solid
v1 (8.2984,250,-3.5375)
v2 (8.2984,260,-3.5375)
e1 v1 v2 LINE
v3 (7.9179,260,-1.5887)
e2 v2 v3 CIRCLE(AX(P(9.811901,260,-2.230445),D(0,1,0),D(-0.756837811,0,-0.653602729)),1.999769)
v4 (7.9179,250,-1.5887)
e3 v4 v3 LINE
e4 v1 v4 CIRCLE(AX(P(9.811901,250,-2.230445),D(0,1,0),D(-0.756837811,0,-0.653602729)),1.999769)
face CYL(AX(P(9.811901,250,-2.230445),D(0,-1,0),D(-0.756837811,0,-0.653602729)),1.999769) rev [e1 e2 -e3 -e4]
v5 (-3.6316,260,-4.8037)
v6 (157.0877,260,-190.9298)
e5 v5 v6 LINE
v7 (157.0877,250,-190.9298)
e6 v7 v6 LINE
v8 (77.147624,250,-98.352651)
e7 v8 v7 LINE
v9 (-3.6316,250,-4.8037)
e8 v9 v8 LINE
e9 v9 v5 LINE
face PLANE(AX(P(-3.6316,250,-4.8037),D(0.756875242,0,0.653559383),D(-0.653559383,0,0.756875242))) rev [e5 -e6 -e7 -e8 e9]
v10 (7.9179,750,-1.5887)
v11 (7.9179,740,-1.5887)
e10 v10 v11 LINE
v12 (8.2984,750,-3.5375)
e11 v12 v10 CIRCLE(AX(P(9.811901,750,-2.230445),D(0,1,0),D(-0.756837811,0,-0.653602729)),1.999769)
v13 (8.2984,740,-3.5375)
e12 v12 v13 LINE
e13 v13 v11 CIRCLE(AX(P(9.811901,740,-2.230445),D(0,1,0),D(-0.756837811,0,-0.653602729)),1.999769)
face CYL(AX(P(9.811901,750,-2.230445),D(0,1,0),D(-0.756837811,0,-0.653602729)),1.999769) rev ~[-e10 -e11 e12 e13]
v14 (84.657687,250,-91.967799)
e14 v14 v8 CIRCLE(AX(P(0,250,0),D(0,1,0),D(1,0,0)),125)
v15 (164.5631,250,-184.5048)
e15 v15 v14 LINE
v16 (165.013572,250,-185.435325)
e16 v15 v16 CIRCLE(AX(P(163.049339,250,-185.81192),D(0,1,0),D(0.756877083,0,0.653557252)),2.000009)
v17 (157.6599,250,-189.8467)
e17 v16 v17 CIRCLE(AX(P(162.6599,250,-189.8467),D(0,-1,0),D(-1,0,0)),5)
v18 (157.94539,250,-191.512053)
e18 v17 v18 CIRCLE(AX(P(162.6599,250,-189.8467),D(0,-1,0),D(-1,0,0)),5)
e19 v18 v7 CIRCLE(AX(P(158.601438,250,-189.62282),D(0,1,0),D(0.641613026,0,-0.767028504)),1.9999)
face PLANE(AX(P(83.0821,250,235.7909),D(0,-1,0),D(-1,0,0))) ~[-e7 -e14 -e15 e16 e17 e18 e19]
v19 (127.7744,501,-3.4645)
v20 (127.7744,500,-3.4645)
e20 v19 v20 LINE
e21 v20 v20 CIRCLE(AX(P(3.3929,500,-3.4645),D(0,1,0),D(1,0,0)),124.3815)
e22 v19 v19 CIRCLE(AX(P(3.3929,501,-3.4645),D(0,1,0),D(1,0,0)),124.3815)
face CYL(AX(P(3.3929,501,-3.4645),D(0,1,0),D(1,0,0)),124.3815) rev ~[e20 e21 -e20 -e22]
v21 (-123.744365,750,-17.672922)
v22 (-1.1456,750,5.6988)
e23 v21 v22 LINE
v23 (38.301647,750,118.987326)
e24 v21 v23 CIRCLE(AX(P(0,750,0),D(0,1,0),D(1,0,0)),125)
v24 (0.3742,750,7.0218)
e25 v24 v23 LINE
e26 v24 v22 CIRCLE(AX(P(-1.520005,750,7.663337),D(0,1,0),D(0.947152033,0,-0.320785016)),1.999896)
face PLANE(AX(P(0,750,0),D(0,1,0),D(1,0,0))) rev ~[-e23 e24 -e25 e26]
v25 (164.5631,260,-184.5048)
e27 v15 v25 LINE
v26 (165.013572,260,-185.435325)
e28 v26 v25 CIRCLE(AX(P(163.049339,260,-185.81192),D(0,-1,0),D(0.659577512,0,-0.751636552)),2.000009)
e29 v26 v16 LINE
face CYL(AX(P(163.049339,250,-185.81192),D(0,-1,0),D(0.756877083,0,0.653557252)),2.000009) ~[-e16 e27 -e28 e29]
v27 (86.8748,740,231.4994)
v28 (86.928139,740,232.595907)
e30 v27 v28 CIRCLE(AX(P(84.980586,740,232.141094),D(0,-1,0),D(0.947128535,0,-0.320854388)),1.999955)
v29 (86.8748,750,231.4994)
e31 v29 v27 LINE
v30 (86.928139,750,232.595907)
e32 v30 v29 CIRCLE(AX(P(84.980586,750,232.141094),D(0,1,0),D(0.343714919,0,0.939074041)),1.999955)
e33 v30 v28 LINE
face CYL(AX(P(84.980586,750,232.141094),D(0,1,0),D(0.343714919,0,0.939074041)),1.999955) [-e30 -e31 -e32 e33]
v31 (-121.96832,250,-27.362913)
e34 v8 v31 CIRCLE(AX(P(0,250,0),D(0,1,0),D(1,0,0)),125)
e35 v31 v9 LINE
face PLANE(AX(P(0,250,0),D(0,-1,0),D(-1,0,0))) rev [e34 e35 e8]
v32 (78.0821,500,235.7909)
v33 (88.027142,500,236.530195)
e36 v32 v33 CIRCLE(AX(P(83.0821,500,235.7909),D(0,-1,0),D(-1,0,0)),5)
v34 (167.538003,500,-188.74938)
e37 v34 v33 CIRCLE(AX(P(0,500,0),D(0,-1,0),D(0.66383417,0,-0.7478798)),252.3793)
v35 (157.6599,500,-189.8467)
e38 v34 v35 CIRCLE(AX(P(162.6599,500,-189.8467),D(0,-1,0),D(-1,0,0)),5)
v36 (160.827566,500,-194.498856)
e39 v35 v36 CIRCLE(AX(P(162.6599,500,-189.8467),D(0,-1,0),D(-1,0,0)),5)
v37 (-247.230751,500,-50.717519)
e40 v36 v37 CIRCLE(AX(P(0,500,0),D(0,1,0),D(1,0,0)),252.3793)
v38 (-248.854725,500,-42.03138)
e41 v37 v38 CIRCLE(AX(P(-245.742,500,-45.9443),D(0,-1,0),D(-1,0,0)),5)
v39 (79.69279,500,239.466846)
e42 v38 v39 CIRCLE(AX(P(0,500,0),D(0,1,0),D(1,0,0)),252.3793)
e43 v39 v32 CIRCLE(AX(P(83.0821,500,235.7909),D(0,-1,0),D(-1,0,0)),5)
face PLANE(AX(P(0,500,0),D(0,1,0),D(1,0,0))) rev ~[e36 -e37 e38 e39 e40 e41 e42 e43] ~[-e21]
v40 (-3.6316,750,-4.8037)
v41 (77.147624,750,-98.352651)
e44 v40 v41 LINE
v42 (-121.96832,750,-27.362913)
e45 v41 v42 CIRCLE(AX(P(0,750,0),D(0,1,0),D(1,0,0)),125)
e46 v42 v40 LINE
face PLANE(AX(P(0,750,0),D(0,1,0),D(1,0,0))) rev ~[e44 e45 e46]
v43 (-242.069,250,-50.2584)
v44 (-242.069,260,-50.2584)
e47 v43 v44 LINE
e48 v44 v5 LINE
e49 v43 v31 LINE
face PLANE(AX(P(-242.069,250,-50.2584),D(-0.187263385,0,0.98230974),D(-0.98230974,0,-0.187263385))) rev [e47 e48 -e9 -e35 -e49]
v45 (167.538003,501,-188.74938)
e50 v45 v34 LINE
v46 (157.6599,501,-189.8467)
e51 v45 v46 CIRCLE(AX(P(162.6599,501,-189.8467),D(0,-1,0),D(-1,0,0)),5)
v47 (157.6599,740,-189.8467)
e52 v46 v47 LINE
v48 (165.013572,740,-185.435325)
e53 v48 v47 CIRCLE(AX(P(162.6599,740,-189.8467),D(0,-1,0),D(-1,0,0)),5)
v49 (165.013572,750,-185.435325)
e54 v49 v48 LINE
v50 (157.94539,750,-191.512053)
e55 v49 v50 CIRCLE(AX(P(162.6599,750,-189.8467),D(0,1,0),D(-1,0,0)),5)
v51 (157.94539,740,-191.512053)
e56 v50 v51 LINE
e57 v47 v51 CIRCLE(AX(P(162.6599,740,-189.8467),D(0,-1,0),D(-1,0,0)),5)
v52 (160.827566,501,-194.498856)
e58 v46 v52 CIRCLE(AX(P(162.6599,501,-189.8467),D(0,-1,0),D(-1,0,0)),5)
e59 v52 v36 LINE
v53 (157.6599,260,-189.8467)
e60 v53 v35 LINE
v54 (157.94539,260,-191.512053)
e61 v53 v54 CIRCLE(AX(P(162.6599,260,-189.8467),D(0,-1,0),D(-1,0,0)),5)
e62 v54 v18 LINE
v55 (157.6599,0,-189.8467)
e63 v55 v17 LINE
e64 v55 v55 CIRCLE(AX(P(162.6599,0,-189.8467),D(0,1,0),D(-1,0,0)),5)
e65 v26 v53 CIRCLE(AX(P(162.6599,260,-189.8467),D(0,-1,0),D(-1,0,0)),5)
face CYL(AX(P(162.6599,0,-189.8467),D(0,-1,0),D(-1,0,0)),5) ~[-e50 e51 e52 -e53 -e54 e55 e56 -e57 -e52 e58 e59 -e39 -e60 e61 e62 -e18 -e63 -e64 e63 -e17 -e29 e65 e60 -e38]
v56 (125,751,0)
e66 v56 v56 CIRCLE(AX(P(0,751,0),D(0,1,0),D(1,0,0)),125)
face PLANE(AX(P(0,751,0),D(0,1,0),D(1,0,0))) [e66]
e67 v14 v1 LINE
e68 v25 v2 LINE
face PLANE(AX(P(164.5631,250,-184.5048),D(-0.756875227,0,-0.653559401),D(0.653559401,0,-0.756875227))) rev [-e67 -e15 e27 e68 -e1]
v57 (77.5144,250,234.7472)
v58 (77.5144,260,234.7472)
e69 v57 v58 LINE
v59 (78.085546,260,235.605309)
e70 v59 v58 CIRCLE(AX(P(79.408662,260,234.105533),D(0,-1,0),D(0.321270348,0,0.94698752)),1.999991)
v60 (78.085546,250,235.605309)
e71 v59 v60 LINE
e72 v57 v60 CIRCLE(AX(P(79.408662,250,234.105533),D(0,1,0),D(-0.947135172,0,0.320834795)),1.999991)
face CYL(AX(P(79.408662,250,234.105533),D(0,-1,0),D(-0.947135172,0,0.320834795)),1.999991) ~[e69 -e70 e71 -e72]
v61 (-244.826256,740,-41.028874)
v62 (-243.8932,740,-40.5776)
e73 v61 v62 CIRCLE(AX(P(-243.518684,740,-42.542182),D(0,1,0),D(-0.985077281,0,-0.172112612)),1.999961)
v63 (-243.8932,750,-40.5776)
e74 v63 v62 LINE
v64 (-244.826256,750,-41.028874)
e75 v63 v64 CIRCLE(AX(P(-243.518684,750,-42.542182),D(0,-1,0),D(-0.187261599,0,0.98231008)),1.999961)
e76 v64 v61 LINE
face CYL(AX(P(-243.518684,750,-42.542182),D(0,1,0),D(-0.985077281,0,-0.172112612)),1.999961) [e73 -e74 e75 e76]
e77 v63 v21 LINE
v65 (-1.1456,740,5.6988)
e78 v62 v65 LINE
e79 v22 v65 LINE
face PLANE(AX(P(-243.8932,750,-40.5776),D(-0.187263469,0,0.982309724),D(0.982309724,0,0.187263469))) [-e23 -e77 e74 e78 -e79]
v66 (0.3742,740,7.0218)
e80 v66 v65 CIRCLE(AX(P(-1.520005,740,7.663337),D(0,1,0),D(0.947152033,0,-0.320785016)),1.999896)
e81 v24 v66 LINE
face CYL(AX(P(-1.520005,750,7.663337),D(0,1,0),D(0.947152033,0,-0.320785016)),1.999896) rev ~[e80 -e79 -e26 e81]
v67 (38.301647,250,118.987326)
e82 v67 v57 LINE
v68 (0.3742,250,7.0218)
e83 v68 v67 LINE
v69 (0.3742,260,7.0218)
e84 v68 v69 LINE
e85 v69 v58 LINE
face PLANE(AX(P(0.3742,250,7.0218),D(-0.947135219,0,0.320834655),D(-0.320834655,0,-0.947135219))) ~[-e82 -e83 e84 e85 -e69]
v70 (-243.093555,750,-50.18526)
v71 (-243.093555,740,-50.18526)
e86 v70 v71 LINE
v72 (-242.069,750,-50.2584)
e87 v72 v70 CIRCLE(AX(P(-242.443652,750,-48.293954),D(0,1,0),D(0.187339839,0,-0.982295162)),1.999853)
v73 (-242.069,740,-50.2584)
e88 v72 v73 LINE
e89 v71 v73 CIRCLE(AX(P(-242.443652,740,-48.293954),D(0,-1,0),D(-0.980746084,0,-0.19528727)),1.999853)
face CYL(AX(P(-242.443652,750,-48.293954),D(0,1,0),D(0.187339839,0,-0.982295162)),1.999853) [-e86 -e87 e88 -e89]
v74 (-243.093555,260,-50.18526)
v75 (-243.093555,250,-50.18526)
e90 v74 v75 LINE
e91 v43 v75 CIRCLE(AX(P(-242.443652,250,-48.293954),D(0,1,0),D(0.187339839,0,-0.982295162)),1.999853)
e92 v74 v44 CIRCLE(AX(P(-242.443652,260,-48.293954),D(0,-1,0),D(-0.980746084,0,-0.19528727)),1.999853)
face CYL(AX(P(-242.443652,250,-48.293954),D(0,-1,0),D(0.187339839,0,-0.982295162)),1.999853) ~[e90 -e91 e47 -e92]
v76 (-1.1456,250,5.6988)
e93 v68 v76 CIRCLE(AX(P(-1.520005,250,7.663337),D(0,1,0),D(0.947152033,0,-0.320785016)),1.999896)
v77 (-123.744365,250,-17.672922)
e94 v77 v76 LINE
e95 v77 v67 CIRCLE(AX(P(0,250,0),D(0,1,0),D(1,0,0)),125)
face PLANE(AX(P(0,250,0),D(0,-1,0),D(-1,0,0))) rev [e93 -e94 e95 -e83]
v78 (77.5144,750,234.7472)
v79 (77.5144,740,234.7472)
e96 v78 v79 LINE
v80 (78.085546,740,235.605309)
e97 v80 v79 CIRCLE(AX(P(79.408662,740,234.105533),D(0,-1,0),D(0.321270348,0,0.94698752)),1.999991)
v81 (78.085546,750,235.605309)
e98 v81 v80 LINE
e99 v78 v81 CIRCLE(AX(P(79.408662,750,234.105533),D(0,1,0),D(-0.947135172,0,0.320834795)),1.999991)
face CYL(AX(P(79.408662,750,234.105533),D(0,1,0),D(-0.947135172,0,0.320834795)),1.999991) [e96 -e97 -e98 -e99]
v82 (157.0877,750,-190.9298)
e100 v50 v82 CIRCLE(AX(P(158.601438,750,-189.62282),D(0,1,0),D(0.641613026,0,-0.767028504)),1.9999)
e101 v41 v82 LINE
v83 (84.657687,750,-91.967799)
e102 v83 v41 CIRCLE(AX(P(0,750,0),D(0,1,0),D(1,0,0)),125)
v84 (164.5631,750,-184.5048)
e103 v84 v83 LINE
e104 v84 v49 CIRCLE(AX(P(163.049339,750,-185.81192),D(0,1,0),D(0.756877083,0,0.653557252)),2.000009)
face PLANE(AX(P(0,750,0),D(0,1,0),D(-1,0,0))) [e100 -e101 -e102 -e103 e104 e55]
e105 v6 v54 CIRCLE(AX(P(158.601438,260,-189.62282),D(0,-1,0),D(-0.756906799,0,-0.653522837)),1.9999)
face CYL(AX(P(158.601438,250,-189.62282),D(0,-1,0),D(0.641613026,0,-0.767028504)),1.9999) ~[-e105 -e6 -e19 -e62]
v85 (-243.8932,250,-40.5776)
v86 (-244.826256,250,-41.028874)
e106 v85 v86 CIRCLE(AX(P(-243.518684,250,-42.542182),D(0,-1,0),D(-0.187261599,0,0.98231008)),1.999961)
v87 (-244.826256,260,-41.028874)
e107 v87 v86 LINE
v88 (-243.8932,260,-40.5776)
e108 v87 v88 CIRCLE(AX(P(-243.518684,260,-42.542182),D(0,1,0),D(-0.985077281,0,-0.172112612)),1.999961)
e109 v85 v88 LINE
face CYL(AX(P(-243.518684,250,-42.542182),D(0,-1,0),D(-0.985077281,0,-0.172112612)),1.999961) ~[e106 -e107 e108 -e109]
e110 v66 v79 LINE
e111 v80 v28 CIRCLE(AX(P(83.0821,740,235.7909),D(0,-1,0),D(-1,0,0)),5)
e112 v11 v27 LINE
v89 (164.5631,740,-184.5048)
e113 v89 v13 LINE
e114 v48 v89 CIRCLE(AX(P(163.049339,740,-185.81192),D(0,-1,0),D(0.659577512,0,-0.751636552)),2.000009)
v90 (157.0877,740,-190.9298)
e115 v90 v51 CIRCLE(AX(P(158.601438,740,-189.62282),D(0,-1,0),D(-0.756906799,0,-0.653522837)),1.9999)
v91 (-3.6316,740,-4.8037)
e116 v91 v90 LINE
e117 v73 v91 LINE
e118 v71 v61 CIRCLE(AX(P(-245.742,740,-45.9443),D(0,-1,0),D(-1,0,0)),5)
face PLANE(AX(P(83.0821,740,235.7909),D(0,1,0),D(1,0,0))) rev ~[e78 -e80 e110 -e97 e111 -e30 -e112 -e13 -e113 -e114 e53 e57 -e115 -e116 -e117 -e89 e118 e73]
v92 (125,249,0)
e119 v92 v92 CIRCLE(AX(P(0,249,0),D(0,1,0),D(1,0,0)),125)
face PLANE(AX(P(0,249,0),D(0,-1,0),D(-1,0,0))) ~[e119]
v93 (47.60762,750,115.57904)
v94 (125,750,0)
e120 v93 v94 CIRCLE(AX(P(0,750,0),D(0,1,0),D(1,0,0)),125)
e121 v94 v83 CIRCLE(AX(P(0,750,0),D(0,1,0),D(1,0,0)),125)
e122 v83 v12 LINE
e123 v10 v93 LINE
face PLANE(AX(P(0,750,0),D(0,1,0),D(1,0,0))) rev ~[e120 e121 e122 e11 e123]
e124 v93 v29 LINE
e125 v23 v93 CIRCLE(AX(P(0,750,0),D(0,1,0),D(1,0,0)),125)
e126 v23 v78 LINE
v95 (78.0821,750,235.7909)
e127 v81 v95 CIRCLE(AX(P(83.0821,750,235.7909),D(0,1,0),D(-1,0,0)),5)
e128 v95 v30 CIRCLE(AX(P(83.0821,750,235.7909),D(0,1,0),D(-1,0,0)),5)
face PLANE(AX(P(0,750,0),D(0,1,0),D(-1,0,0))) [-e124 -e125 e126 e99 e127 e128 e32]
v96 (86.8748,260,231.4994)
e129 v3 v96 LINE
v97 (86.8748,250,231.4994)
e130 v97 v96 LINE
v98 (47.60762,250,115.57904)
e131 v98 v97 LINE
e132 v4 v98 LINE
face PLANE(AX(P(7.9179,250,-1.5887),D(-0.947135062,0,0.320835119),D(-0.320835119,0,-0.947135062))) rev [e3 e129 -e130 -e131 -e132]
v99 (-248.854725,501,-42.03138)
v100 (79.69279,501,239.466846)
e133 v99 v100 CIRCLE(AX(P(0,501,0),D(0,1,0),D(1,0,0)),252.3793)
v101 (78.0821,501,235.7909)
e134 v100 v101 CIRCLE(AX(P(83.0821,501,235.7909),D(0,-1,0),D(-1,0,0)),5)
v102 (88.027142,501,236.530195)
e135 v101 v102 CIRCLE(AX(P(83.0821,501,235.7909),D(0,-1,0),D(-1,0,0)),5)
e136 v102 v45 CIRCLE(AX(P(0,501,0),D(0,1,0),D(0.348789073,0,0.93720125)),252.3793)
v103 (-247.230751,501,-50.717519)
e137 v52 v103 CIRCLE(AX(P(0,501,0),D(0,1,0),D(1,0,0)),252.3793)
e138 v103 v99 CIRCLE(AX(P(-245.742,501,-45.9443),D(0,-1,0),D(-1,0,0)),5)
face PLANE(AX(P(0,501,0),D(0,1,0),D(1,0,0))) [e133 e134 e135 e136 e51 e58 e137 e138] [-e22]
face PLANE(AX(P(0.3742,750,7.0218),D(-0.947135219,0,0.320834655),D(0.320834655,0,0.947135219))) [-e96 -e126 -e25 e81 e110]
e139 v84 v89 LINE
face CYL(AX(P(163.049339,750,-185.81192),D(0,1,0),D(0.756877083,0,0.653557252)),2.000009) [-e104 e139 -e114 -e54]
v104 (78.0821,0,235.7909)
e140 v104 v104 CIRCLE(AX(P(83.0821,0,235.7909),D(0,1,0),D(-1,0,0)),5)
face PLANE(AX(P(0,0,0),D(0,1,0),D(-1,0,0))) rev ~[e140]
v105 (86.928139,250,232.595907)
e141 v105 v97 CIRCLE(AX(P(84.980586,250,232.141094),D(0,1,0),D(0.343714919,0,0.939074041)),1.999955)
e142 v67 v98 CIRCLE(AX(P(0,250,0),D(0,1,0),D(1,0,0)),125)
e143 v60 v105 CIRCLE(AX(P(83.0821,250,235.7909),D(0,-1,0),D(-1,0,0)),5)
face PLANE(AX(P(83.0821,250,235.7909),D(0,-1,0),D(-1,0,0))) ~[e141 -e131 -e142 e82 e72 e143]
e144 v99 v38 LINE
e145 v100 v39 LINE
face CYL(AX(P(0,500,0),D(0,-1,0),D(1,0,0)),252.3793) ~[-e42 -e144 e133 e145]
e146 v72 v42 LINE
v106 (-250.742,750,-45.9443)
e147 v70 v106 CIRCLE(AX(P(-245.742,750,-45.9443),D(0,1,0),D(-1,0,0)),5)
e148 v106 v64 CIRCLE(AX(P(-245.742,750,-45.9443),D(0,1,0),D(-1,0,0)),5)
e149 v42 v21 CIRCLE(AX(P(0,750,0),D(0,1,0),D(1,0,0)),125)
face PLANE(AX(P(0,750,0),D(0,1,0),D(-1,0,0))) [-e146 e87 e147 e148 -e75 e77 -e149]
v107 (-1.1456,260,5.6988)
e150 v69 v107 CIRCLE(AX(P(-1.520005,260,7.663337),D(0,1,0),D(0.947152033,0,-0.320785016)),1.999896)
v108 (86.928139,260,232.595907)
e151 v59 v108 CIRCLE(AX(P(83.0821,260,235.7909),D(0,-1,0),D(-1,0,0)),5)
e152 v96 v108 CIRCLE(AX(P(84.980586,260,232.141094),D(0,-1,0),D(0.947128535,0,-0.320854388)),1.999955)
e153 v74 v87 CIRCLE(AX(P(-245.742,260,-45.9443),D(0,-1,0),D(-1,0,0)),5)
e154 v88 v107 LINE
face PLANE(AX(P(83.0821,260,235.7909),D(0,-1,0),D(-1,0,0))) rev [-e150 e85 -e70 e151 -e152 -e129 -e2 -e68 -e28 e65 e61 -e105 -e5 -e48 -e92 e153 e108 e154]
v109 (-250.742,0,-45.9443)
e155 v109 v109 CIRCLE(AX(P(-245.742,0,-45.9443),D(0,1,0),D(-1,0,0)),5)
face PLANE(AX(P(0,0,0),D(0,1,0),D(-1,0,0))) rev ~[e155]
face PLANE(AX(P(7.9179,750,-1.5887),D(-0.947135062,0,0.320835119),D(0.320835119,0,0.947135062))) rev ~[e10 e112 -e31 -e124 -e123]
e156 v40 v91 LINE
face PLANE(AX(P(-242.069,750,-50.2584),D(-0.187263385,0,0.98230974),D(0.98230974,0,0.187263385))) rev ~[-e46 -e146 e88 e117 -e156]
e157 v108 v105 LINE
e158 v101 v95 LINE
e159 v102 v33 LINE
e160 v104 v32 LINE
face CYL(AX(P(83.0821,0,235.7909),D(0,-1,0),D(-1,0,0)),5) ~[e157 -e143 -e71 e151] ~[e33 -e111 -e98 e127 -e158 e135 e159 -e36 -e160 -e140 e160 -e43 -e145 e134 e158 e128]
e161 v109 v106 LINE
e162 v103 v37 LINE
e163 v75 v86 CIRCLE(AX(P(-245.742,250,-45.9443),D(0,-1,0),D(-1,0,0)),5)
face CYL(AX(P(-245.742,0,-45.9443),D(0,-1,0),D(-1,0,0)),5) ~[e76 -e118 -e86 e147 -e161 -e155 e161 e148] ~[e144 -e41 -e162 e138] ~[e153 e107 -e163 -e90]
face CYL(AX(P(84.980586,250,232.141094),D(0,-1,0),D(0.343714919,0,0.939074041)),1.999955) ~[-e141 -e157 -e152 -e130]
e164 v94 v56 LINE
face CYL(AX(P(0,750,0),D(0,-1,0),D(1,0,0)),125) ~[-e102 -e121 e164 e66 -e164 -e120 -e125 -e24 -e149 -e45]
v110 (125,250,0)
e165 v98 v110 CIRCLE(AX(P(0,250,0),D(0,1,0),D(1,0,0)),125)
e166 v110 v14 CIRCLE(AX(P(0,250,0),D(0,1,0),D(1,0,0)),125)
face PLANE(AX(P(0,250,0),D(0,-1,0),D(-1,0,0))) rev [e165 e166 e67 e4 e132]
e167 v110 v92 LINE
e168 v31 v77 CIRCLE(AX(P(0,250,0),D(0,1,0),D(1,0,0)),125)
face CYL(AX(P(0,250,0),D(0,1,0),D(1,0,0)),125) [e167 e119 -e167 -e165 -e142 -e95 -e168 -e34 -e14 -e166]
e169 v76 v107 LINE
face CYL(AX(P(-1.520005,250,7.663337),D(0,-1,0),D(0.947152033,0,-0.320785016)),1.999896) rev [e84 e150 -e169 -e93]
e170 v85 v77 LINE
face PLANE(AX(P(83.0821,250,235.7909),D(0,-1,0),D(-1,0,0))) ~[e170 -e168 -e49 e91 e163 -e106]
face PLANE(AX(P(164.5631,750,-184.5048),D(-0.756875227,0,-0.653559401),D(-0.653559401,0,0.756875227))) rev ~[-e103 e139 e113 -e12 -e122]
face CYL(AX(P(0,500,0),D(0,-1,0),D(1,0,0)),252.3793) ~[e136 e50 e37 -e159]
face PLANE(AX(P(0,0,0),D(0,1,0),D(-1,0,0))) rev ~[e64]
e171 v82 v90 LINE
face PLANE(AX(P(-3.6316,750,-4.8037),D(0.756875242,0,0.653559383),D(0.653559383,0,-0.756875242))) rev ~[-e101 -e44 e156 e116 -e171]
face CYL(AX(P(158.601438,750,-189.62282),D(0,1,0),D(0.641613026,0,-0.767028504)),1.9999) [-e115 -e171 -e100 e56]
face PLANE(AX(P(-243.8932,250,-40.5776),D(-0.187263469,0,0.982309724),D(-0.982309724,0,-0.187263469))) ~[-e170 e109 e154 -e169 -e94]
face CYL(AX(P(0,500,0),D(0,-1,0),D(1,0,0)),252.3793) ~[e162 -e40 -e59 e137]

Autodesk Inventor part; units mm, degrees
ref_plane "YZ Plane" through (0, 0, 0) normal (1, 0, 0) x (0, 1, 0)
ref_plane "XZ Plane" through (0, 0, 0) normal (0, 1, 0) x (-1, 0, 0)
sketch "Sketch1" plane through (0, 0, 0) normal (0, 1, 0) x (-1, 0, 0)
  circle A0 centre (-83.0821, 235.7909) radius 5
  circle A1 centre (-162.6599, -189.8467) radius 5
  circle A2 centre (245.742, -45.9443) radius 5
  point P0 (0, 0)
  dimension "d3" = 10
  dimension "d4" = 10
  dimension "d5" = 10
extrude "Extrusion1" add sketch "Sketch1" along normal blind 750
sketch "Sketch2" plane through (83.0821, 750, 235.7909) normal (0, 1, 0) x (1, 0, 0)
  circle A0 centre (-328.8241, 281.7352) radius 5 projected
  circle A1 centre (79.5778, 425.6376) radius 5 projected
  line L0 (-326.9753, 276.3685) -> (-84.2277, 230.0921)
  line L1 (-82.7079, 228.7691) -> (-5.5677, 1.0437)
  circle A2 centre (0, 0) radius 5 projected
  line L2 (-325.1511, 286.0493) -> (-86.7137, 240.5946)
  line L3 (-86.7137, 240.5946) -> (74.0056, 426.7207)
  line L4 (81.481, 420.2957) -> (-74.7837, 239.3284)
  line L5 (-75.1642, 237.3796) -> (3.7927, 4.2915)
  arc A3 (-327.4871, 284.4754) -> (-328.5709, 278.6773) centre (-83.0821, 235.7909) ccw
  arc A4 (-3.0309, -0.2086) -> (2.5859, 1.7717) centre (-83.0821, 235.7909) ccw
  arc A5 (81.2864, 423.1061) -> (76.8025, 426.9477) centre (-83.0821, 235.7909) ccw
  arc A6 (-82.7079, 228.7691) -> (-84.2277, 230.0921) centre (-84.6022, 228.1275) ccw
  arc A7 (76.8025, 426.9477) -> (74.0056, 426.7207) centre (75.5193, 425.4136) ccw
  arc A8 (81.481, 420.2957) -> (81.2864, 423.1061) centre (79.9673, 421.6028) ccw
  arc A9 (2.5859, 1.7717) -> (3.7927, 4.2915) centre (1.8984, 3.6499) ccw
  arc A10 (-5.5677, 1.0437) -> (-3.0309, -0.2086) centre (-3.6734, 1.6854) ccw
  arc A11 (-74.7837, 239.3284) -> (-75.1642, 237.3796) centre (-73.2699, 238.0212) ccw
  arc A12 (-328.5709, 278.6773) -> (-326.9753, 276.3685) centre (-326.6007, 278.3331) ccw
  arc A13 (-325.1511, 286.0493) -> (-327.4871, 284.4754) centre (-325.5257, 284.0846) ccw
  point P0 (-83.0821, 235.7909)
  point P1 (-328.9022, 276.7358)
  point P2 (-4.9283, -0.8437)
  point P3 (75.2872, 428.2049)
  point P4 (82.7726, 421.7915)
  point P5 (-75.5311, 238.4628)
  point P6 (4.4165, 2.45)
  dimension "d8" = 2
  dimension "d9" = 2
extrude "Extrusion2" add sketch "Sketch2" against normal blind 10 contours A0 A12 A3 A13 | A0 A13 L2 L3 A7 A1 A8 L4 A11 L5 A9 A2 A10 L1 A6 L0 A12 | A7 A5 A8 A1 | A2 A9 A4 A10 picked at (-326.6818, 281.2494) picked at (78.1424, 423.9745) picked at (-0.6818, 2.0889)
ref_plane "Work Plane1" through (0, 500, 0) normal (0, 1, 0) x (1, 0, 0)
mirror "Mirror1" about plane through (0, 500, 0) normal (0, 1, 0) of "Extrusion2"
sketch "Sketch3" plane through (0, 750, 0) normal (0, 1, 0) x (1, 0, 0)
  circle A0 centre (0, 0) radius 125
  dimension "d13" = 250
extrude "Extrusion3" add sketch "Sketch3" along normal blind 1
mirror "Mirror2" about plane through (0, 500, 0) normal (0, 1, 0) of "Extrusion3"
sketch "Sketch4" plane through (0, 500, 0) normal (0, 1, 0) x (1, 0, 0)
  circle A0 centre (0, 0) radius 252.3793
  circle A1 centre (0, 0) radius 125
extrude "Extrusion5" add sketch "Sketch4" along normal blind 1 contours A0 | A1
sketch "Sketch5" plane through (0, 501, 0) normal (0, 1, 0) x (1, 0, 0)
  circle A0 centre (3.3929, 3.4645) radius 124.3815
  point P0 (0, 0)
extrude "Extrusion6" cut sketch "Sketch5" against normal blind 1
properties part number "boiler_plates"
